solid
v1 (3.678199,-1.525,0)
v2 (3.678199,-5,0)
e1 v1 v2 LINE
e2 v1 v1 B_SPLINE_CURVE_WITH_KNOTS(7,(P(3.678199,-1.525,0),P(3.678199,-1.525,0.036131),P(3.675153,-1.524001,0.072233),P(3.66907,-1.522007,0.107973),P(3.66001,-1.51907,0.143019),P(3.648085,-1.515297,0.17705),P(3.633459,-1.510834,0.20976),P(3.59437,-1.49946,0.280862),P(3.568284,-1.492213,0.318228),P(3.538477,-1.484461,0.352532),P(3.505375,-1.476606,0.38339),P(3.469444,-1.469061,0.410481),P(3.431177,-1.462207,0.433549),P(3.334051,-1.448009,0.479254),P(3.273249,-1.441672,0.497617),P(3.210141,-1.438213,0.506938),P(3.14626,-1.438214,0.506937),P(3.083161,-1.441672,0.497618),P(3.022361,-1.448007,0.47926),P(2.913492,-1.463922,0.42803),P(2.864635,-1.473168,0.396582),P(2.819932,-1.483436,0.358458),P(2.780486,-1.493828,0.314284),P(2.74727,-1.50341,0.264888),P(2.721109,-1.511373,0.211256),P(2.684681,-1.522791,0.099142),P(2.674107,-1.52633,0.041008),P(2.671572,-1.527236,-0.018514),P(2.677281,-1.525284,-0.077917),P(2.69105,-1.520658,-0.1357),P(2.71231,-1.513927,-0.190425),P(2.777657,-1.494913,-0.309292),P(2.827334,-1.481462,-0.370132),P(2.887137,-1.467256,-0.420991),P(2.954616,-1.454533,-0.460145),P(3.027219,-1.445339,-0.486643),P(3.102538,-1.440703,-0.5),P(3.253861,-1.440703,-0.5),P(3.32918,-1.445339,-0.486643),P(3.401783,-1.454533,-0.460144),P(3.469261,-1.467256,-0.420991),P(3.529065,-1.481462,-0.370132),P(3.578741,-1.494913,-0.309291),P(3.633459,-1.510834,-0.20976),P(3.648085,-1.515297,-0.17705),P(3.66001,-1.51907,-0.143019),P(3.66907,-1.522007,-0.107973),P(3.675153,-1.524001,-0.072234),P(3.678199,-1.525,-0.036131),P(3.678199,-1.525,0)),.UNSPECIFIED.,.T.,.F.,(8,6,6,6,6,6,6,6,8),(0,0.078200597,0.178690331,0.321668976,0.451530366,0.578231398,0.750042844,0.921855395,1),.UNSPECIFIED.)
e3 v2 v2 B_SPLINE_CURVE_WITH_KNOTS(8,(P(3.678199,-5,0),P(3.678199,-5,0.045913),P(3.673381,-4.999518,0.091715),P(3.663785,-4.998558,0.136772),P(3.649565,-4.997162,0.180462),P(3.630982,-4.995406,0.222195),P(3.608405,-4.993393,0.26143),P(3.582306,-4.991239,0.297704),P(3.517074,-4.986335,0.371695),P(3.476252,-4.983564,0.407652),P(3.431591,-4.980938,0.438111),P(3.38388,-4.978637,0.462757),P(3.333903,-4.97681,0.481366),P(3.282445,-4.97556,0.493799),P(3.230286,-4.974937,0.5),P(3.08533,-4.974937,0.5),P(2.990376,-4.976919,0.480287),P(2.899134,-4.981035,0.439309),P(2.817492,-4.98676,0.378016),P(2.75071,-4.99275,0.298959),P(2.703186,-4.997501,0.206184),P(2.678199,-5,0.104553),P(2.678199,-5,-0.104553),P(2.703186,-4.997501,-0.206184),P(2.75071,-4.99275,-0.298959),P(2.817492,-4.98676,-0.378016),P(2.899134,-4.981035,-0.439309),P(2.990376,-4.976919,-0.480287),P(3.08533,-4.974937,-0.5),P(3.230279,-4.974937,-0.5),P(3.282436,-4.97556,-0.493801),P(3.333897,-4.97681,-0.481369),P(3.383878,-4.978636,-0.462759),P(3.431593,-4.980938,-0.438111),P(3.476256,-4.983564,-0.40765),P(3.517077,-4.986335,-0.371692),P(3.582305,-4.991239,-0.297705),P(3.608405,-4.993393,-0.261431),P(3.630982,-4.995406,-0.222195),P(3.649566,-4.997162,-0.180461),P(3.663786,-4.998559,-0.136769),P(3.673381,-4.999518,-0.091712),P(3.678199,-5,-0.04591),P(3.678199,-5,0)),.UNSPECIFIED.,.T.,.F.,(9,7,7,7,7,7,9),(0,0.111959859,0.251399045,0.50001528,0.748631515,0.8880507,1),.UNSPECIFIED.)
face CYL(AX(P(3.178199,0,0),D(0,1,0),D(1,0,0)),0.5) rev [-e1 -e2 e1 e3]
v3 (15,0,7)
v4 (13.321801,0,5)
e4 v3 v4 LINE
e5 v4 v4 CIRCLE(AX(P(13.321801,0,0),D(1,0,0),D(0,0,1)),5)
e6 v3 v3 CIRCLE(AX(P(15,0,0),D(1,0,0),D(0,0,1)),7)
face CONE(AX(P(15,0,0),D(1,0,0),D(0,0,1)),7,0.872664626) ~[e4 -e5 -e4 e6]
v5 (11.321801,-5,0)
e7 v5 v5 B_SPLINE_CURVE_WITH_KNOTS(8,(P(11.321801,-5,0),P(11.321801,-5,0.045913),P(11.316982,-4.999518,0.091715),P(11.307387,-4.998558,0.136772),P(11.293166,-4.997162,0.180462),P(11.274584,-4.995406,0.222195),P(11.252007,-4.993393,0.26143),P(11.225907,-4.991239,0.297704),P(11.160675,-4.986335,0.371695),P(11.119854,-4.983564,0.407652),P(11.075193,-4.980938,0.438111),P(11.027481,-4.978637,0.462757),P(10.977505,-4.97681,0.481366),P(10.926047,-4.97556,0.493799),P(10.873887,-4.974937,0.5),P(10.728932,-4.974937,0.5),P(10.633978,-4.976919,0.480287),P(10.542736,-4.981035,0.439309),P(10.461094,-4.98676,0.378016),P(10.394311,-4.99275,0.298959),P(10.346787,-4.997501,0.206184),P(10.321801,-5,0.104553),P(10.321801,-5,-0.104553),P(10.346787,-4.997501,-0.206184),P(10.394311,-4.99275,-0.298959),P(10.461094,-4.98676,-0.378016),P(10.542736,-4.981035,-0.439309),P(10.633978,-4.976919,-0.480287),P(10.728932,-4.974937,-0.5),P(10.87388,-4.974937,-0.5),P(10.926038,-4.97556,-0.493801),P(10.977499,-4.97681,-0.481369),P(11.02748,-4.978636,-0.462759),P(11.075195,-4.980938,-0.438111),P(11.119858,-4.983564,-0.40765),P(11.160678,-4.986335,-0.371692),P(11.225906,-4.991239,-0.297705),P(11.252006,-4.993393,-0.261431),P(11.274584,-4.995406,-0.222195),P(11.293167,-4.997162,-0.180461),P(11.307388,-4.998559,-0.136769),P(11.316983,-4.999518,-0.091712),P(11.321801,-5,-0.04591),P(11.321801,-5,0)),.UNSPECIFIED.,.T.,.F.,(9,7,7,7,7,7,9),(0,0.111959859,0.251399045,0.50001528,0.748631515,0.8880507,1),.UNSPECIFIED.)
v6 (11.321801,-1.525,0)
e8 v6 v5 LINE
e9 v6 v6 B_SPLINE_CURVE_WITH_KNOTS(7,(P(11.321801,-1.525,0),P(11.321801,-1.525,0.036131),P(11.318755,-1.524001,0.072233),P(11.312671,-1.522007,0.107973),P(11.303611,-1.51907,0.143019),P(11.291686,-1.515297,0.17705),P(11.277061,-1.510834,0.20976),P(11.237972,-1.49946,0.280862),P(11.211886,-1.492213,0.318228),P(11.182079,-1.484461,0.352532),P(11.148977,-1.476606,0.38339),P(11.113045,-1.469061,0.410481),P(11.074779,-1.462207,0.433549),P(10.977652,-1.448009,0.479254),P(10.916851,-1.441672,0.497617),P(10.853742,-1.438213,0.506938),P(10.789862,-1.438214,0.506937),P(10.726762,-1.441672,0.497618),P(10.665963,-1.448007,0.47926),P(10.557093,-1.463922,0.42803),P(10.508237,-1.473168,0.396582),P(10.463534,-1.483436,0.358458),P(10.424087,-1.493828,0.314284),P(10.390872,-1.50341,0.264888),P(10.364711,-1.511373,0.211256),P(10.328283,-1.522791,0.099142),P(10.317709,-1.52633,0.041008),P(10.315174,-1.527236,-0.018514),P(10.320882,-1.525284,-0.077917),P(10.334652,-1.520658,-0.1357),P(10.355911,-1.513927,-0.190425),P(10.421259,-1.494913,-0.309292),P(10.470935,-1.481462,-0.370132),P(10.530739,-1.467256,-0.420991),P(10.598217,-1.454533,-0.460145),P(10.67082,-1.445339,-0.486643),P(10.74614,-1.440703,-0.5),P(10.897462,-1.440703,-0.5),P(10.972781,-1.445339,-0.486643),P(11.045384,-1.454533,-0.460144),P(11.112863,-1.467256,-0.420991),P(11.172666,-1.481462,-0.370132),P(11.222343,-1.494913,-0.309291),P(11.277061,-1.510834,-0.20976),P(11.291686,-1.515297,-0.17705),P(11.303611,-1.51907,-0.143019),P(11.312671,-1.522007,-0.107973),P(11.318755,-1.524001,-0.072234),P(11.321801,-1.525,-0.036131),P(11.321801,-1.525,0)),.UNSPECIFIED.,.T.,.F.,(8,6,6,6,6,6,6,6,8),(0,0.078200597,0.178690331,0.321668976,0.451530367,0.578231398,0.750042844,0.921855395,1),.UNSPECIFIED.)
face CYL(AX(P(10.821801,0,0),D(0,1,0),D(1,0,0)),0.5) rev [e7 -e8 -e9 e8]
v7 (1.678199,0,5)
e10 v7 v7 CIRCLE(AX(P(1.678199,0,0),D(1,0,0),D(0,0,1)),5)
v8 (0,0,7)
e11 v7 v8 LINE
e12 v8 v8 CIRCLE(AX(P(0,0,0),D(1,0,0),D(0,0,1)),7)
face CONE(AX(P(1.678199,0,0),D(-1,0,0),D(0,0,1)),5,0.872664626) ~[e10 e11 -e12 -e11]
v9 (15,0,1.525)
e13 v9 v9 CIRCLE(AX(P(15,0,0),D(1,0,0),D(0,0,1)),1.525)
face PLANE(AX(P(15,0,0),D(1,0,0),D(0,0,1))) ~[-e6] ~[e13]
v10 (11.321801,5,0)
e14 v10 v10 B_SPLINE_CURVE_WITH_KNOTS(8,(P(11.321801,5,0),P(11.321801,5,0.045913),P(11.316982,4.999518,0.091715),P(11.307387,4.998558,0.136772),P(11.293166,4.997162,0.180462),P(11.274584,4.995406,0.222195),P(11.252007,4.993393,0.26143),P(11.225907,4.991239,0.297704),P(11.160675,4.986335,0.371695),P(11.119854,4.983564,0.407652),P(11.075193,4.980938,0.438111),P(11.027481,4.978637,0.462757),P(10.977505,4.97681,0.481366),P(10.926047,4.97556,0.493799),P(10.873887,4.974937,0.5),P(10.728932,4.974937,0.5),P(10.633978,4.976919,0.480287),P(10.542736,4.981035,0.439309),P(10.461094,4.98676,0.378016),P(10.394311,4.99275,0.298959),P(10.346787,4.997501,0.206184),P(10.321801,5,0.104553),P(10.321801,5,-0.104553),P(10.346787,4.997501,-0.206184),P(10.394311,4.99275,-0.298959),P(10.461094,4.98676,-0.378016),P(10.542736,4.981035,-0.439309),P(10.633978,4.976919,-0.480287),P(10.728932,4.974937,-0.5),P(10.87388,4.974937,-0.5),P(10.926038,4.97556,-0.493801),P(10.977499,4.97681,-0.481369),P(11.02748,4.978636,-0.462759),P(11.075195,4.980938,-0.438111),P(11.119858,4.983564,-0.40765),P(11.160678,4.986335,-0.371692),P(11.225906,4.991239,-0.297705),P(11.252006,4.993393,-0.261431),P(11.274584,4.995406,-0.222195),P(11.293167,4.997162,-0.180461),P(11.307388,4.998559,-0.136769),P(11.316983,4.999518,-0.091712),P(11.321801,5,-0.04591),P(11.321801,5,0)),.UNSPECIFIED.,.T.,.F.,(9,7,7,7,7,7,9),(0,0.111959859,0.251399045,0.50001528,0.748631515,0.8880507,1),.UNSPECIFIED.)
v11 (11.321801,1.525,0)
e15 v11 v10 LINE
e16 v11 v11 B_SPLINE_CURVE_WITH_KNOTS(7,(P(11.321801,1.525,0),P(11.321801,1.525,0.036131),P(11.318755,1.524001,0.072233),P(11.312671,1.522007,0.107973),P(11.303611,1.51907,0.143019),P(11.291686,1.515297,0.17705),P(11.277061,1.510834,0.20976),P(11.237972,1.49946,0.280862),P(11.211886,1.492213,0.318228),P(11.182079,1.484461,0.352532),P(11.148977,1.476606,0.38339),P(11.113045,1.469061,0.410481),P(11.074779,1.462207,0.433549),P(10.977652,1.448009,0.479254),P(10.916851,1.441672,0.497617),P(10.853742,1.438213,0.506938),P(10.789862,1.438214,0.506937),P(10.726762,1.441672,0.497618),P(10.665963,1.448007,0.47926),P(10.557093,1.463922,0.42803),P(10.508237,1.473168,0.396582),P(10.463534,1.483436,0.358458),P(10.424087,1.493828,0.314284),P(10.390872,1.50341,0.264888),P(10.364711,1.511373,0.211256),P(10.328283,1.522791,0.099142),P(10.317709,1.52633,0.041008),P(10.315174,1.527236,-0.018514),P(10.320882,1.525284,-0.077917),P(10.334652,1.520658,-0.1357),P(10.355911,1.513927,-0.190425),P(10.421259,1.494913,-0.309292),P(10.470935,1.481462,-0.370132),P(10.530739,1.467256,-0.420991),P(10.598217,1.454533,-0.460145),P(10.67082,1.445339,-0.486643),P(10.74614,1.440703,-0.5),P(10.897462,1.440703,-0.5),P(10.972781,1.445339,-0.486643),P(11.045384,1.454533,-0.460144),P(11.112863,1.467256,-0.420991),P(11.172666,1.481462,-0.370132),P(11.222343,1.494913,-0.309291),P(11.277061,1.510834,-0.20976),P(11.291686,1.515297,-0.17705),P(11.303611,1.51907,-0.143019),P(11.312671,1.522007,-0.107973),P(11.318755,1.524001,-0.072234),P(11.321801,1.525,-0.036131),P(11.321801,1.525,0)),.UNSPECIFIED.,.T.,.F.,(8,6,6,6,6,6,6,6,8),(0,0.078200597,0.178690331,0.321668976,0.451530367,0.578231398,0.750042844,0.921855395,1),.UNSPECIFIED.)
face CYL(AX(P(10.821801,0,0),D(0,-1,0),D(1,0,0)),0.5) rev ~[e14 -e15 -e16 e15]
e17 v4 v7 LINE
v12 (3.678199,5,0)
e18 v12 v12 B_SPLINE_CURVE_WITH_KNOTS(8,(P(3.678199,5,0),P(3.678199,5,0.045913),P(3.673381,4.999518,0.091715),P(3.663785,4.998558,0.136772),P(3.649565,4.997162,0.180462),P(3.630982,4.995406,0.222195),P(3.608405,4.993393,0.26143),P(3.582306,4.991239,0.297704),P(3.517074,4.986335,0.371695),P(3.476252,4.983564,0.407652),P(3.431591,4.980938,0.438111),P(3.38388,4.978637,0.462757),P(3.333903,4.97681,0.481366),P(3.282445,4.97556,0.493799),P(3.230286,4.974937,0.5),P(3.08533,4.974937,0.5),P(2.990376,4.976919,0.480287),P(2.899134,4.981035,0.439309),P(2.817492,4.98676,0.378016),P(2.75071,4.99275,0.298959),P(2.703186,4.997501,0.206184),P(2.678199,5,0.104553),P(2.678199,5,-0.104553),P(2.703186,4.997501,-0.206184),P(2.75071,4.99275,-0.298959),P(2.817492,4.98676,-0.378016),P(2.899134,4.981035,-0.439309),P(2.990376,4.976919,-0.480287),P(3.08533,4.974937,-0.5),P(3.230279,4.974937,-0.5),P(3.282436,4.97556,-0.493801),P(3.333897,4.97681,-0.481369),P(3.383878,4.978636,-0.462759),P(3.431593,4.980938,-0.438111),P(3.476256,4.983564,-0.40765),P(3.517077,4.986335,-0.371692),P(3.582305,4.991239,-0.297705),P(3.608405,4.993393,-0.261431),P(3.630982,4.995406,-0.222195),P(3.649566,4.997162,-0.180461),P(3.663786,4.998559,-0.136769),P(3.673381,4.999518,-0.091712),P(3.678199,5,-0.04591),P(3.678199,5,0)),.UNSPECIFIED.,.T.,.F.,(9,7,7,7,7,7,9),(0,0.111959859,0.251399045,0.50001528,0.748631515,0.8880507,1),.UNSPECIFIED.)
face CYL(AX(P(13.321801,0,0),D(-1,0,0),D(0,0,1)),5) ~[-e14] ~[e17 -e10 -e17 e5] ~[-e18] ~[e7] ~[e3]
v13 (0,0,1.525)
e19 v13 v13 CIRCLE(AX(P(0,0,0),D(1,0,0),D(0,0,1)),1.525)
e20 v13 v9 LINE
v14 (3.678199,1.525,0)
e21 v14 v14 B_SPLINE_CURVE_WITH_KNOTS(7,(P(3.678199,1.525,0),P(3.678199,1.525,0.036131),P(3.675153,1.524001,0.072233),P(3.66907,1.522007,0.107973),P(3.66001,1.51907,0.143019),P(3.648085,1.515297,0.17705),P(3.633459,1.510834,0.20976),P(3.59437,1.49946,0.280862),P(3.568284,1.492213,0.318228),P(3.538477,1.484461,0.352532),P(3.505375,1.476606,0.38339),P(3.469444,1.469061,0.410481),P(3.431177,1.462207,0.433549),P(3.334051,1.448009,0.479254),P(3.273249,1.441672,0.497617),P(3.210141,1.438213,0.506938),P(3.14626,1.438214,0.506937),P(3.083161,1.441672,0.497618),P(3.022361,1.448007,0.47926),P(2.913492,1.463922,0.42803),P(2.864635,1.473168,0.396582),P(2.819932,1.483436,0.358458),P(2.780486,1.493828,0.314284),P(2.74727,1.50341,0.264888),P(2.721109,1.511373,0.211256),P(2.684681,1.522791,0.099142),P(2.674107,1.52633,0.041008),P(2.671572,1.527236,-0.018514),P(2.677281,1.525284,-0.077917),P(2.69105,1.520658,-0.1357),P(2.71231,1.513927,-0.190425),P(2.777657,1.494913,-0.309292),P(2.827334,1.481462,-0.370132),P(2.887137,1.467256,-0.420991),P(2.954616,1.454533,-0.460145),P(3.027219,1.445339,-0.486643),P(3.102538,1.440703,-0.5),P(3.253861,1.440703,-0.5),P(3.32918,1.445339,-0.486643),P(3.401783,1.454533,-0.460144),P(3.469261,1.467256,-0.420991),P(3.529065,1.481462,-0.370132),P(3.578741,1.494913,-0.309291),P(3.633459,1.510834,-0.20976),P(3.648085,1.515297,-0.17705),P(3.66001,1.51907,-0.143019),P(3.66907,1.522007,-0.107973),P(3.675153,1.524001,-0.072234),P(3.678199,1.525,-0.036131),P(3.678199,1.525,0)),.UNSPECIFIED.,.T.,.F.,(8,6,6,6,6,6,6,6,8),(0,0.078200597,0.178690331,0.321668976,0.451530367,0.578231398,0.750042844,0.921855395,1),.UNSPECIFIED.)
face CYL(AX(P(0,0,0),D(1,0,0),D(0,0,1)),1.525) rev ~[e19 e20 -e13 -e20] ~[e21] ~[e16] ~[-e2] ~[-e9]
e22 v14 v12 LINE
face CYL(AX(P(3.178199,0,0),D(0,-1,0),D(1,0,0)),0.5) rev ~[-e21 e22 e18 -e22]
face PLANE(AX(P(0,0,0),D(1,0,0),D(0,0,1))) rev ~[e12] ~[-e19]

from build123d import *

# Parameters (mm, degrees)
F2_R          = 0.5
F3_DEPTH      = 7.001
F3_DEPTH_BACK = 7.001


with BuildPart() as f1:
    # F0 (on Front) → F1 (revolve)
    with BuildSketch(Plane.XZ):
        Polygon((0, 7), (0, 1.525), (15, 1.525), (15, 7), (13.3218007376, 5), (1.6781992624, 5), align=None)
    revolve(axis=Axis((10.6309527493, 0, 0), (1, 0, 0)))

    # F2 (on Front) → F3 (cut, two sides)
    with BuildSketch(Plane.XZ) as f3_sk:
        with Locations((3.1781992624, 0)):
            Circle(F2_R)
        with Locations((10.8218007376, 0)):
            Circle(F2_R)
    extrude(amount=-F3_DEPTH, mode=Mode.SUBTRACT)
    extrude(f3_sk.sketch, amount=F3_DEPTH_BACK, mode=Mode.SUBTRACT)


solid = f1.part
